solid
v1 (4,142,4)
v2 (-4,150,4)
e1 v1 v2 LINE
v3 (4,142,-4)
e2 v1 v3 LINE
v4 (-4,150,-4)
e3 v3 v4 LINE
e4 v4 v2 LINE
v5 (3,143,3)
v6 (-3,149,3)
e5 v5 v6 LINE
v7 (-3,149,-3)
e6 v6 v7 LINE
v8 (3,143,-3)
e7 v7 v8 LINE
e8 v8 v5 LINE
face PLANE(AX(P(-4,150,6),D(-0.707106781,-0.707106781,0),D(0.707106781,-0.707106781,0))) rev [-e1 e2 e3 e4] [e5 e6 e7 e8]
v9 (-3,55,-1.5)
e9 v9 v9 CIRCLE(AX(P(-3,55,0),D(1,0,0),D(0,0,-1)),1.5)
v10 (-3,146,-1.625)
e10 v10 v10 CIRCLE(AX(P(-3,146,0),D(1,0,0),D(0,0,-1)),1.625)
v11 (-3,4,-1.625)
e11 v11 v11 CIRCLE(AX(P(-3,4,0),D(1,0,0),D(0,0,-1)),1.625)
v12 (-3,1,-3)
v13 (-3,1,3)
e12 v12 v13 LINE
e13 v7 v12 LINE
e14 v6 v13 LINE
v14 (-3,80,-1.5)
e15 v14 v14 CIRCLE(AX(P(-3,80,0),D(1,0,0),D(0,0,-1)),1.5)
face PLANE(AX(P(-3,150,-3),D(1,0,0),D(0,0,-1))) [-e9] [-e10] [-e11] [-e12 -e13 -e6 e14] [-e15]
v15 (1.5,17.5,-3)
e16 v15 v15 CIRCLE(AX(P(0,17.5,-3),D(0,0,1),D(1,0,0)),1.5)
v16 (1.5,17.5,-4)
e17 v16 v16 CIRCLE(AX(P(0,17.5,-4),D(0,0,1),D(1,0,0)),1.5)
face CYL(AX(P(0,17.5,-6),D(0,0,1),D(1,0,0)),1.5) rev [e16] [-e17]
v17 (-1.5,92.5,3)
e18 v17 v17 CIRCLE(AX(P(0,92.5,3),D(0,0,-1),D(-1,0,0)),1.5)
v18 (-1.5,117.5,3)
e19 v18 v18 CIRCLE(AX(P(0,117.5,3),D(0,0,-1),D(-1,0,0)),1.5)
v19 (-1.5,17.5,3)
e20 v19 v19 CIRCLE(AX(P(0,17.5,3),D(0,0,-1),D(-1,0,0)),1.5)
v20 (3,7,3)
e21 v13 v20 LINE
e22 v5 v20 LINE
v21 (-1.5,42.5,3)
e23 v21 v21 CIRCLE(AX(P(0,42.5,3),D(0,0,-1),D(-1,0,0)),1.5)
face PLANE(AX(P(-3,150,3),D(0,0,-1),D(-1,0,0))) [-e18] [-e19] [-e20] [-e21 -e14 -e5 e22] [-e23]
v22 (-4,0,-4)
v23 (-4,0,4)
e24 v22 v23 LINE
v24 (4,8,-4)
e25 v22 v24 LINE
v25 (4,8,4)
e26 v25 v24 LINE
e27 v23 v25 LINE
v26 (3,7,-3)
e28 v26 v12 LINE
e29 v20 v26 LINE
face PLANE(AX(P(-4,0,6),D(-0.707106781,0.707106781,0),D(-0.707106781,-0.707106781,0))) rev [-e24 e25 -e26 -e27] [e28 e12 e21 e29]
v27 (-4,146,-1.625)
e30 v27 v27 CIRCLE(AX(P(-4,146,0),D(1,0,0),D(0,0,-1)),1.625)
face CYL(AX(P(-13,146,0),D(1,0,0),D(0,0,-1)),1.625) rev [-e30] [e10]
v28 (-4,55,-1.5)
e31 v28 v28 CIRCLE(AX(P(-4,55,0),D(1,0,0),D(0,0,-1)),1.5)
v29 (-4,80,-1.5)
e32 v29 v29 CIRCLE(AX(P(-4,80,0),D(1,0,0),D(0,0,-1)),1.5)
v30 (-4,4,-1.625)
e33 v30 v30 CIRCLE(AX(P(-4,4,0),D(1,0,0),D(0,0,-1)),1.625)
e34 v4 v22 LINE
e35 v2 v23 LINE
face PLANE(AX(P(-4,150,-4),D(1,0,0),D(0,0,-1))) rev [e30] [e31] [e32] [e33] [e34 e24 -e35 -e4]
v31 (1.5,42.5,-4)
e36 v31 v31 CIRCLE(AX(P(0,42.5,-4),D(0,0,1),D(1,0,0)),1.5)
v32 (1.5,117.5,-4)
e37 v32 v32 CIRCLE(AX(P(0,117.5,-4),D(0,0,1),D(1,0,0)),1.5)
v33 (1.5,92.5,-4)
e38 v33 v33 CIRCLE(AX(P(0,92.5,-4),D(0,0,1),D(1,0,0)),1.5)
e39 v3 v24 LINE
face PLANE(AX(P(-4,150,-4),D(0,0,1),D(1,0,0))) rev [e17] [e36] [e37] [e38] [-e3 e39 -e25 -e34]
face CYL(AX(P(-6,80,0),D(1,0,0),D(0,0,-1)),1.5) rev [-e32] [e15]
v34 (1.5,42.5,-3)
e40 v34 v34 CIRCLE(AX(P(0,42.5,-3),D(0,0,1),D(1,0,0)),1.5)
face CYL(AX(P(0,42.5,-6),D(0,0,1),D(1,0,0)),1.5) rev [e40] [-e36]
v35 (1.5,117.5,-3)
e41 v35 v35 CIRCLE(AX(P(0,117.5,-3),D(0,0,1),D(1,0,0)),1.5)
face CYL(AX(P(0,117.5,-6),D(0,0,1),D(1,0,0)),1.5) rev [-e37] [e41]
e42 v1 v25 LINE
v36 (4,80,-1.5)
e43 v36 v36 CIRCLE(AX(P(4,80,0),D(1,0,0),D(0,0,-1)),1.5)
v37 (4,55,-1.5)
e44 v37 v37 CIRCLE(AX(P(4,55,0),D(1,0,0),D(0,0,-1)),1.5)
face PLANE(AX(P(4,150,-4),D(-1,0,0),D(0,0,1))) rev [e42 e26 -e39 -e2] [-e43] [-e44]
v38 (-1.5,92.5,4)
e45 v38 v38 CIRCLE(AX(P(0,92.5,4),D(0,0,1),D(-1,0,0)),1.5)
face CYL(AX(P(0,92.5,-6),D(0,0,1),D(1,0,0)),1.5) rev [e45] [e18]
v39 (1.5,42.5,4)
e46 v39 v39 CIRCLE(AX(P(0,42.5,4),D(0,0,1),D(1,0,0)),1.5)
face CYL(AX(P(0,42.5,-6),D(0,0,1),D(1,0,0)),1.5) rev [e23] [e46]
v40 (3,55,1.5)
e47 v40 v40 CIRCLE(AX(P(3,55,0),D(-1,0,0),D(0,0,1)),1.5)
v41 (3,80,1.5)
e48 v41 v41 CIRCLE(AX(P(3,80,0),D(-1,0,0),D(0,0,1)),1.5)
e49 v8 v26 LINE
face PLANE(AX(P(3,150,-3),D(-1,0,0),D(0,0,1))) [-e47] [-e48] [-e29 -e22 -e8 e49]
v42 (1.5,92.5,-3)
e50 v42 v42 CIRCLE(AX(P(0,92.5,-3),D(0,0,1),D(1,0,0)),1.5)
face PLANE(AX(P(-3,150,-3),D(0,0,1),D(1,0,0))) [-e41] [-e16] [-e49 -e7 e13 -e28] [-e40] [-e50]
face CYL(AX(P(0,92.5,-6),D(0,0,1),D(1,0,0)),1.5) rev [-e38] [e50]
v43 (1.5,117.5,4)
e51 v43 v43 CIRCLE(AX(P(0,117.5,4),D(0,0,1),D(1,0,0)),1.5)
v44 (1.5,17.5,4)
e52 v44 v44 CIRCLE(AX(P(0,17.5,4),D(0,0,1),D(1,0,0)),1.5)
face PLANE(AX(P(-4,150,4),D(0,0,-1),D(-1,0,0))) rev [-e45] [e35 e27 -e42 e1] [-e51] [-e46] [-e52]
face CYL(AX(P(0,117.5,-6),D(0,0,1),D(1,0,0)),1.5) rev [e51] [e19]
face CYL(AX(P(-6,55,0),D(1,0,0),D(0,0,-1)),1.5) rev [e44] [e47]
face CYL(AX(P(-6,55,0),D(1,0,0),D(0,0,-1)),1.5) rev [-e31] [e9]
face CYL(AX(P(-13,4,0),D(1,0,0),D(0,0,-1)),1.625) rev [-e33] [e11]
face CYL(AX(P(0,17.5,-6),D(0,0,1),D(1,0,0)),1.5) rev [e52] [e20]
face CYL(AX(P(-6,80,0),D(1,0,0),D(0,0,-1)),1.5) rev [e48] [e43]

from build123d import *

# Parameters (mm, degrees)
SKETCH_1_W          = 8
SKETCH_1_H          = 8
SKETCH_1_W_2        = 6
SKETCH_1_H_2        = 6
EXTRUDE_1_DEPTH     = 150
SKETCH_2_R          = 1.5
CUT_EXTRUDE_1_DEPTH = 10
CUT_EXTRUDE_2_DEPTH = 10
SKETCH_5_R          = 1.5
CUT_EXTRUDE_3_DEPTH = 10
SKETCH_6_R          = 1.625
CUT_EXTRUDE_4_DEPTH = 10


with BuildPart() as part:
    # 草图1 → 凸台-拉伸1 (new body)
    with BuildSketch(Plane(origin=(0, 0, 0), x_dir=(1, 0, 0), z_dir=(0, 1, 0))):
        Rectangle(SKETCH_1_W, SKETCH_1_H)
        Rectangle(SKETCH_1_W_2, SKETCH_1_H_2, mode=Mode.SUBTRACT)
    extrude(amount=EXTRUDE_1_DEPTH)

    # 草图2 → 切除-拉伸1 (cut)
    with BuildSketch(Plane(origin=(4, 0, 0), x_dir=(0, 0, -1), z_dir=(1, 0, 0))):
        with Locations((0, 80)):
            Circle(SKETCH_2_R)
        with Locations((0, 55)):
            Circle(SKETCH_2_R)
    extrude(amount=-CUT_EXTRUDE_1_DEPTH, mode=Mode.SUBTRACT)

    # 草图3 → 切除-拉伸2 (cut)
    with BuildSketch(Plane(origin=(0, 0, -4), x_dir=(-1, 0, 0), z_dir=(0, 0, -1))):
        Polygon((4, 150), (-4, 142), (-4, 150), align=None)
        Polygon((4, 0), (-4, 8), (-4, 0), align=None)
    extrude(amount=-CUT_EXTRUDE_2_DEPTH, mode=Mode.SUBTRACT)

    # 草图5 → 切除-拉伸3 (cut)
    with BuildSketch(Plane.XY.offset(4)):
        with Locations((0, 42.5)):
            Circle(SKETCH_5_R)
        with Locations(Location((0, 92.5, 0), (0, 0, 180))):
            Circle(SKETCH_5_R)
        with Locations((0, 117.5)):
            Circle(SKETCH_5_R)
        with Locations((0, 17.5)):
            Circle(SKETCH_5_R)
    extrude(amount=-CUT_EXTRUDE_3_DEPTH, mode=Mode.SUBTRACT)

    # 草图6 → 切除-拉伸4 (cut)
    with BuildSketch(Plane(origin=(-3, 0, 0), x_dir=(0, 0, -1), z_dir=(1, 0, 0))):
        with Locations((0, 146)):
            Circle(SKETCH_6_R)
        with Locations((0, 4)):
            Circle(SKETCH_6_R)
    extrude(amount=-CUT_EXTRUDE_4_DEPTH, mode=Mode.SUBTRACT)


solid = part.part
